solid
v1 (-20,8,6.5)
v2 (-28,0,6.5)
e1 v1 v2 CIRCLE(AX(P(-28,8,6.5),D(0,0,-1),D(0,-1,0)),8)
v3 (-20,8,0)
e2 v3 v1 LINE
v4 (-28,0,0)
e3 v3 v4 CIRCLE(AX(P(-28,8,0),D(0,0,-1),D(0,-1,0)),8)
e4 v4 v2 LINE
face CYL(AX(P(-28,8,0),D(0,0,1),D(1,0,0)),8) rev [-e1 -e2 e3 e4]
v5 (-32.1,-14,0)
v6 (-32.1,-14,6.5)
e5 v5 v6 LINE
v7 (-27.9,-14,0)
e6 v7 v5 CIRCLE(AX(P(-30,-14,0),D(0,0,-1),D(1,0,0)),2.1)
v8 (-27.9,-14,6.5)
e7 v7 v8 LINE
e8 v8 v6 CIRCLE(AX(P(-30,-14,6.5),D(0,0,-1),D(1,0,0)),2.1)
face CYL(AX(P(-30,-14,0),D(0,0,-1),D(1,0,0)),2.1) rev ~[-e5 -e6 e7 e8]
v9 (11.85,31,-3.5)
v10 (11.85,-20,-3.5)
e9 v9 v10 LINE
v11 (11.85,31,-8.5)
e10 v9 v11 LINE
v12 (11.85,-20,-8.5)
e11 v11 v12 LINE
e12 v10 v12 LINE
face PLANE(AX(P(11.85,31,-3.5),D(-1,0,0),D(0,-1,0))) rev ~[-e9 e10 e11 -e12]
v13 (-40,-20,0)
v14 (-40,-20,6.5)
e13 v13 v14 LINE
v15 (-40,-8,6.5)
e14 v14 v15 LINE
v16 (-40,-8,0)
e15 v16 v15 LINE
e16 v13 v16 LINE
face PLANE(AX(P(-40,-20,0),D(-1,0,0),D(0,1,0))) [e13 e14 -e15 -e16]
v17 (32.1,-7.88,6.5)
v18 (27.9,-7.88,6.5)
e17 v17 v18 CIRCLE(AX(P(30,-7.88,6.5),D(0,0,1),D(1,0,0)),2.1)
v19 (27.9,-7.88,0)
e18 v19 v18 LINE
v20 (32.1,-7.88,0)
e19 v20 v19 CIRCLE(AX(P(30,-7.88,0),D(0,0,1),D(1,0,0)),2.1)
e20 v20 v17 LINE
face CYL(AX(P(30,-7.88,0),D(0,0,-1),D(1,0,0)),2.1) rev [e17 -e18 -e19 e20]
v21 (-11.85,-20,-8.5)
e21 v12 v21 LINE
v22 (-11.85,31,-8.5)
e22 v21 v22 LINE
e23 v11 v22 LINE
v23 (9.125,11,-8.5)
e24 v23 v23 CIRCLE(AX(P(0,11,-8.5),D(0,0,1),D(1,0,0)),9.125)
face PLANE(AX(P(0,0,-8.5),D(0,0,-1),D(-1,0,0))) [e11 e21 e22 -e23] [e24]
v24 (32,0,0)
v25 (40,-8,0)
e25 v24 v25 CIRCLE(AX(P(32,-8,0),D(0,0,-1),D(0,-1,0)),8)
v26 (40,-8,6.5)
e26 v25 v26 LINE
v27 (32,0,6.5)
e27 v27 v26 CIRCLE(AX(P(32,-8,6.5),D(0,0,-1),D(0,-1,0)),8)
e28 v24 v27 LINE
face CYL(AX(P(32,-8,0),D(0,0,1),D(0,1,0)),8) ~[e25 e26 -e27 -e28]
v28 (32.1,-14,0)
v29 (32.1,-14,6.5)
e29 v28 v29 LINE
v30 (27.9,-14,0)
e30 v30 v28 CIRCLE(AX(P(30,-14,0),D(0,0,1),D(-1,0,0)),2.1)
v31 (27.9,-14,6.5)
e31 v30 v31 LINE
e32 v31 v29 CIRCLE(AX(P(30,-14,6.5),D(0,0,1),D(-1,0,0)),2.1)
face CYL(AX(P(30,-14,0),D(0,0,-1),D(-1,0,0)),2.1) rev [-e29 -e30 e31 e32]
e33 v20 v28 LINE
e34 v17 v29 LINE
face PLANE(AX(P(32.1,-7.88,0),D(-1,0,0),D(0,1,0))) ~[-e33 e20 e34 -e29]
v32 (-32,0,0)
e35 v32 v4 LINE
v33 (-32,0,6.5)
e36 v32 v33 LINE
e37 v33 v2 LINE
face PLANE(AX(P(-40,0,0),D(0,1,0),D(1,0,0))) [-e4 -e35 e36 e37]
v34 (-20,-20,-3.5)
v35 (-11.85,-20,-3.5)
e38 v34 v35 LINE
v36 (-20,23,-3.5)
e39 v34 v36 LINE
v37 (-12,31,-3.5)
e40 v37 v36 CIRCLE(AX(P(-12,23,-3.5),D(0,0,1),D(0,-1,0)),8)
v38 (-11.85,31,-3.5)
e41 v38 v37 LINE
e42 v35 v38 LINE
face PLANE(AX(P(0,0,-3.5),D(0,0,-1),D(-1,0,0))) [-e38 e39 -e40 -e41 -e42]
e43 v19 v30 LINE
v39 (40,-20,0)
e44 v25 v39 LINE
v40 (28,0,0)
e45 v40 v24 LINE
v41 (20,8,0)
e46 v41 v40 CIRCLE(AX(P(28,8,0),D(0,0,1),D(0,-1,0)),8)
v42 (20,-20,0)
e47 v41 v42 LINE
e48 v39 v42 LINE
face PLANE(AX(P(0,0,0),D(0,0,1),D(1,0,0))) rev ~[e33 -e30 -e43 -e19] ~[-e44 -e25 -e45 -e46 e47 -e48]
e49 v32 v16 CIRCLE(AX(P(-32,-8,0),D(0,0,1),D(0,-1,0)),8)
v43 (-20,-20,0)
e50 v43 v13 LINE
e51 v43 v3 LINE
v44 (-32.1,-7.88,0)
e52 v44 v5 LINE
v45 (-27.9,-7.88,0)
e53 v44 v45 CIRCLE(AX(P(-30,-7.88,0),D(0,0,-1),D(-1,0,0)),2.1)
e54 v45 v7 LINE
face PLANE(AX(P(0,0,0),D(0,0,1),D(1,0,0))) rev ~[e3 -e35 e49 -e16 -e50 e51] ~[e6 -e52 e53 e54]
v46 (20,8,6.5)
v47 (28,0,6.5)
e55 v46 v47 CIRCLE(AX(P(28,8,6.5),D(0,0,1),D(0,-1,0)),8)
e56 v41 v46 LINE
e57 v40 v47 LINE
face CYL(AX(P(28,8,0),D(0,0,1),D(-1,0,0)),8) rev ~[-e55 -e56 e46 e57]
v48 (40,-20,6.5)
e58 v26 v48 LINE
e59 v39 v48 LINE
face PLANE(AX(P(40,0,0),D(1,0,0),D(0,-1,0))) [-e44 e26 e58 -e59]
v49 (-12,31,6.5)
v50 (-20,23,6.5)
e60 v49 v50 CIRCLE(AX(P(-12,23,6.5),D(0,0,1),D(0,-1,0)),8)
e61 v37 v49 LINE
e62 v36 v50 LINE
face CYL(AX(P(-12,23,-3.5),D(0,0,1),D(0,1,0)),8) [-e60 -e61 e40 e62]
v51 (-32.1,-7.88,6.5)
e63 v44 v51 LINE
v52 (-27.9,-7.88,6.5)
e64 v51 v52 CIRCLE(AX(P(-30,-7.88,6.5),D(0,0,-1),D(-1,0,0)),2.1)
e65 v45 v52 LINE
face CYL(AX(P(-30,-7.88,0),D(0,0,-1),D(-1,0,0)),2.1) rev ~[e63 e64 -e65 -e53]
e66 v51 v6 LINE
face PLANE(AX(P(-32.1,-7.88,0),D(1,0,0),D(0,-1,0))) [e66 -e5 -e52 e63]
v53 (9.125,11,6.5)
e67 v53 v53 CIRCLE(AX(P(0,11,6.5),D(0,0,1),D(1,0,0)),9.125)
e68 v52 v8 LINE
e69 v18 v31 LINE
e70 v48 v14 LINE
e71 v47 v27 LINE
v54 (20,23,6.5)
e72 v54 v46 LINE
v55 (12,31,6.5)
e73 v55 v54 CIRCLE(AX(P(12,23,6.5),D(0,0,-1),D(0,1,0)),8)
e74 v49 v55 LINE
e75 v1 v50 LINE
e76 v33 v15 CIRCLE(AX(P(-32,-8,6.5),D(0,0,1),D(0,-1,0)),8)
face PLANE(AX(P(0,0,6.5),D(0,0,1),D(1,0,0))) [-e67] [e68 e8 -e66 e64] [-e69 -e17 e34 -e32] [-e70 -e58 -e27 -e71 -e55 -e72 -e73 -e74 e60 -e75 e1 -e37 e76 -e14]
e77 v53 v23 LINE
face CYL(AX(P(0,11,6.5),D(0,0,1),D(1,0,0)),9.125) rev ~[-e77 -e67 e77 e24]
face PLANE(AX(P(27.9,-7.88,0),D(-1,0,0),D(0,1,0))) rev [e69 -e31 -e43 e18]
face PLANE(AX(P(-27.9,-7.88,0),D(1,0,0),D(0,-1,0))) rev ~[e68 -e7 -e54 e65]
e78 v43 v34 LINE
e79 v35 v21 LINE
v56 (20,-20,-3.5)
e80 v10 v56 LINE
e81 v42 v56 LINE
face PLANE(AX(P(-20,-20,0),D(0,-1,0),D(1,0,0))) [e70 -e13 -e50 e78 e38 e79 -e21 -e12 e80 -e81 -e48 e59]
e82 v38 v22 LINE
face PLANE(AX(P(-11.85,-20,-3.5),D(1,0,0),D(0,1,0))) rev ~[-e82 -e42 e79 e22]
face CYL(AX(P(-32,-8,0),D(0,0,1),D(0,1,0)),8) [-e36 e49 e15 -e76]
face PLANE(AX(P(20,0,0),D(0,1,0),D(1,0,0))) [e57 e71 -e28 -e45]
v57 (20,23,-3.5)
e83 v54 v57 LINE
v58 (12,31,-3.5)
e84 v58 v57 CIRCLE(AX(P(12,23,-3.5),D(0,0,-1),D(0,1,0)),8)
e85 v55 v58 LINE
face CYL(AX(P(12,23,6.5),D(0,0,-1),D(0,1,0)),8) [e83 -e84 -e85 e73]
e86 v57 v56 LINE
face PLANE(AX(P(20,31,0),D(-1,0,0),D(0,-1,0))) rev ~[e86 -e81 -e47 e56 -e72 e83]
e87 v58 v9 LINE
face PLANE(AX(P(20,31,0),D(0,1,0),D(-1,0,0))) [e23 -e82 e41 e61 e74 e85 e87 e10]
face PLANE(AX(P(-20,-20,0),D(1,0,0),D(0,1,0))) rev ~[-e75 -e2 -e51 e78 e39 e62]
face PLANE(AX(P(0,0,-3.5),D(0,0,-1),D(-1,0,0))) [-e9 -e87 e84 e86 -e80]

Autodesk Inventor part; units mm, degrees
ref_plane "YZ Plane" through (0, 0, 0) normal (1, 0, 0) x (0, 1, 0)
ref_plane "XZ Plane" through (0, 0, 0) normal (0, 1, 0) x (-1, 0, 0)
ref_plane "XY Plane" through (0, 0, 0) normal (0, 0, 1) x (1, 0, 0)
sketch "Sketch1" plane through (0, 0, 0) normal (0, 0, 1) x (1, 0, 0)
  line L0 (-20, 31) -> (20, 31)
  line L1 (20, 31) -> (20, 0)
  line L2 (-20, 0) -> (-20, 31)
  line L3 (40, 0) -> (40, -20)
  line L4 (40, -20) -> (-40, -20)
  line L5 (-40, -20) -> (-40, 0)
  line L6 (-40, 0) -> (-20, 0)
  line L7 (20, 0) -> (40, 0)
  circle A0 centre (0, 11) radius 9.125
  point P0 (0, 0)
  point P1 (0, 31)
  point P2 (0, -20)
  dimension "d0" = 80
  dimension "d1" = 20
  dimension "d2" = 40
  dimension "d3" = 31
  dimension "d6" = 18.25
  dimension "d7" = 20
extrude "Extrusion1" add sketch "Sketch1" along normal blind 6.5 contours L0 L1 L7 L3 L4 L5 L6 L2 | A0
sketch "Sketch2" plane through (0, 0, 6.5) normal (0, 0, 1) x (1, 0, 0)
  circle A0 centre (0, 11) radius 9.125
  line L0 (20, 31) -> (-20, 31) projected
  point P0 (0, 0)
  dimension "d8" = 20
  dimension "d9" = 18.25
sketch "Sketch3" plane through (0, 0, 0) normal (0, 0, -1) x (-1, 0, 0)
  line L0 (-20, 31) -> (20, 31) projected
  line L1 (40, -20) -> (-40, -20) projected
  line L2 (20, 31) -> (-20, 31)
  line L3 (-20, 31) -> (-20, -20)
  line L4 (-20, -20) -> (20, -20)
  line L5 (20, -20) -> (20, 31)
  point P0 (0, 0)
  point P1 (-20, 5.5)
  point P2 (-20, 0)
extrude "Extrusion2" add sketch "Sketch3" along normal blind 3.5
sketch "Sketch4" plane through (0, 0, -3.5) normal (0, 0, -1) x (-1, 0, 0)
  line L0 (-20, 31) -> (20, 31) projected
  line L1 (-20, -20) -> (20, -20) projected
  line L2 (11.85, 31) -> (-11.85, 31)
  line L3 (-11.85, 31) -> (-11.85, -20)
  line L4 (-11.85, -20) -> (11.85, -20)
  line L5 (11.85, -20) -> (11.85, 31)
  point P0 (0, 0)
  point P1 (0, 31)
  dimension "d12" = 23.7
extrude "Extrusion3" add sketch "Sketch4" along normal blind 5
extrude "Extrusion4" cut sketch "Sketch2" against normal up to next
fillet "Fillet1" radius 8 6 edges at (-20, 31, 1.5) (-40, 0, 3.25) (20, 31, 1.5) (-20, 0, 3.25) (40, 0, 3.25) (20, 0, 3.25)
sketch "Sketch5" plane through (0, 0, 0) normal (0, 0, -1) x (-1, 0, 0)
  arc A0 (27.9, -14) -> (32.1, -14) centre (30, -14) ccw
  arc A1 (32.1, -7.88) -> (27.9, -7.88) centre (30, -7.88) ccw
  line L0 (32.1, -7.88) -> (32.1, -14)
  line L1 (27.9, -7.88) -> (27.9, -14)
  line L2 (40, -20) -> (40, -8) projected
  line L3 (20, -20) -> (40, -20) projected
  point P0 (0, 0)
  dimension "d18" = 4.2
  dimension "d19" = 6.12
  dimension "d20" = 10
  dimension "d21" = 6
extrude "Extrusion5" cut sketch "Sketch5" against normal up to next
mirror "Mirror1" about plane through (0, 0, 0) normal (1, 0, 0) of "Extrusion5"
properties part number "OldhamCouplerTop"
